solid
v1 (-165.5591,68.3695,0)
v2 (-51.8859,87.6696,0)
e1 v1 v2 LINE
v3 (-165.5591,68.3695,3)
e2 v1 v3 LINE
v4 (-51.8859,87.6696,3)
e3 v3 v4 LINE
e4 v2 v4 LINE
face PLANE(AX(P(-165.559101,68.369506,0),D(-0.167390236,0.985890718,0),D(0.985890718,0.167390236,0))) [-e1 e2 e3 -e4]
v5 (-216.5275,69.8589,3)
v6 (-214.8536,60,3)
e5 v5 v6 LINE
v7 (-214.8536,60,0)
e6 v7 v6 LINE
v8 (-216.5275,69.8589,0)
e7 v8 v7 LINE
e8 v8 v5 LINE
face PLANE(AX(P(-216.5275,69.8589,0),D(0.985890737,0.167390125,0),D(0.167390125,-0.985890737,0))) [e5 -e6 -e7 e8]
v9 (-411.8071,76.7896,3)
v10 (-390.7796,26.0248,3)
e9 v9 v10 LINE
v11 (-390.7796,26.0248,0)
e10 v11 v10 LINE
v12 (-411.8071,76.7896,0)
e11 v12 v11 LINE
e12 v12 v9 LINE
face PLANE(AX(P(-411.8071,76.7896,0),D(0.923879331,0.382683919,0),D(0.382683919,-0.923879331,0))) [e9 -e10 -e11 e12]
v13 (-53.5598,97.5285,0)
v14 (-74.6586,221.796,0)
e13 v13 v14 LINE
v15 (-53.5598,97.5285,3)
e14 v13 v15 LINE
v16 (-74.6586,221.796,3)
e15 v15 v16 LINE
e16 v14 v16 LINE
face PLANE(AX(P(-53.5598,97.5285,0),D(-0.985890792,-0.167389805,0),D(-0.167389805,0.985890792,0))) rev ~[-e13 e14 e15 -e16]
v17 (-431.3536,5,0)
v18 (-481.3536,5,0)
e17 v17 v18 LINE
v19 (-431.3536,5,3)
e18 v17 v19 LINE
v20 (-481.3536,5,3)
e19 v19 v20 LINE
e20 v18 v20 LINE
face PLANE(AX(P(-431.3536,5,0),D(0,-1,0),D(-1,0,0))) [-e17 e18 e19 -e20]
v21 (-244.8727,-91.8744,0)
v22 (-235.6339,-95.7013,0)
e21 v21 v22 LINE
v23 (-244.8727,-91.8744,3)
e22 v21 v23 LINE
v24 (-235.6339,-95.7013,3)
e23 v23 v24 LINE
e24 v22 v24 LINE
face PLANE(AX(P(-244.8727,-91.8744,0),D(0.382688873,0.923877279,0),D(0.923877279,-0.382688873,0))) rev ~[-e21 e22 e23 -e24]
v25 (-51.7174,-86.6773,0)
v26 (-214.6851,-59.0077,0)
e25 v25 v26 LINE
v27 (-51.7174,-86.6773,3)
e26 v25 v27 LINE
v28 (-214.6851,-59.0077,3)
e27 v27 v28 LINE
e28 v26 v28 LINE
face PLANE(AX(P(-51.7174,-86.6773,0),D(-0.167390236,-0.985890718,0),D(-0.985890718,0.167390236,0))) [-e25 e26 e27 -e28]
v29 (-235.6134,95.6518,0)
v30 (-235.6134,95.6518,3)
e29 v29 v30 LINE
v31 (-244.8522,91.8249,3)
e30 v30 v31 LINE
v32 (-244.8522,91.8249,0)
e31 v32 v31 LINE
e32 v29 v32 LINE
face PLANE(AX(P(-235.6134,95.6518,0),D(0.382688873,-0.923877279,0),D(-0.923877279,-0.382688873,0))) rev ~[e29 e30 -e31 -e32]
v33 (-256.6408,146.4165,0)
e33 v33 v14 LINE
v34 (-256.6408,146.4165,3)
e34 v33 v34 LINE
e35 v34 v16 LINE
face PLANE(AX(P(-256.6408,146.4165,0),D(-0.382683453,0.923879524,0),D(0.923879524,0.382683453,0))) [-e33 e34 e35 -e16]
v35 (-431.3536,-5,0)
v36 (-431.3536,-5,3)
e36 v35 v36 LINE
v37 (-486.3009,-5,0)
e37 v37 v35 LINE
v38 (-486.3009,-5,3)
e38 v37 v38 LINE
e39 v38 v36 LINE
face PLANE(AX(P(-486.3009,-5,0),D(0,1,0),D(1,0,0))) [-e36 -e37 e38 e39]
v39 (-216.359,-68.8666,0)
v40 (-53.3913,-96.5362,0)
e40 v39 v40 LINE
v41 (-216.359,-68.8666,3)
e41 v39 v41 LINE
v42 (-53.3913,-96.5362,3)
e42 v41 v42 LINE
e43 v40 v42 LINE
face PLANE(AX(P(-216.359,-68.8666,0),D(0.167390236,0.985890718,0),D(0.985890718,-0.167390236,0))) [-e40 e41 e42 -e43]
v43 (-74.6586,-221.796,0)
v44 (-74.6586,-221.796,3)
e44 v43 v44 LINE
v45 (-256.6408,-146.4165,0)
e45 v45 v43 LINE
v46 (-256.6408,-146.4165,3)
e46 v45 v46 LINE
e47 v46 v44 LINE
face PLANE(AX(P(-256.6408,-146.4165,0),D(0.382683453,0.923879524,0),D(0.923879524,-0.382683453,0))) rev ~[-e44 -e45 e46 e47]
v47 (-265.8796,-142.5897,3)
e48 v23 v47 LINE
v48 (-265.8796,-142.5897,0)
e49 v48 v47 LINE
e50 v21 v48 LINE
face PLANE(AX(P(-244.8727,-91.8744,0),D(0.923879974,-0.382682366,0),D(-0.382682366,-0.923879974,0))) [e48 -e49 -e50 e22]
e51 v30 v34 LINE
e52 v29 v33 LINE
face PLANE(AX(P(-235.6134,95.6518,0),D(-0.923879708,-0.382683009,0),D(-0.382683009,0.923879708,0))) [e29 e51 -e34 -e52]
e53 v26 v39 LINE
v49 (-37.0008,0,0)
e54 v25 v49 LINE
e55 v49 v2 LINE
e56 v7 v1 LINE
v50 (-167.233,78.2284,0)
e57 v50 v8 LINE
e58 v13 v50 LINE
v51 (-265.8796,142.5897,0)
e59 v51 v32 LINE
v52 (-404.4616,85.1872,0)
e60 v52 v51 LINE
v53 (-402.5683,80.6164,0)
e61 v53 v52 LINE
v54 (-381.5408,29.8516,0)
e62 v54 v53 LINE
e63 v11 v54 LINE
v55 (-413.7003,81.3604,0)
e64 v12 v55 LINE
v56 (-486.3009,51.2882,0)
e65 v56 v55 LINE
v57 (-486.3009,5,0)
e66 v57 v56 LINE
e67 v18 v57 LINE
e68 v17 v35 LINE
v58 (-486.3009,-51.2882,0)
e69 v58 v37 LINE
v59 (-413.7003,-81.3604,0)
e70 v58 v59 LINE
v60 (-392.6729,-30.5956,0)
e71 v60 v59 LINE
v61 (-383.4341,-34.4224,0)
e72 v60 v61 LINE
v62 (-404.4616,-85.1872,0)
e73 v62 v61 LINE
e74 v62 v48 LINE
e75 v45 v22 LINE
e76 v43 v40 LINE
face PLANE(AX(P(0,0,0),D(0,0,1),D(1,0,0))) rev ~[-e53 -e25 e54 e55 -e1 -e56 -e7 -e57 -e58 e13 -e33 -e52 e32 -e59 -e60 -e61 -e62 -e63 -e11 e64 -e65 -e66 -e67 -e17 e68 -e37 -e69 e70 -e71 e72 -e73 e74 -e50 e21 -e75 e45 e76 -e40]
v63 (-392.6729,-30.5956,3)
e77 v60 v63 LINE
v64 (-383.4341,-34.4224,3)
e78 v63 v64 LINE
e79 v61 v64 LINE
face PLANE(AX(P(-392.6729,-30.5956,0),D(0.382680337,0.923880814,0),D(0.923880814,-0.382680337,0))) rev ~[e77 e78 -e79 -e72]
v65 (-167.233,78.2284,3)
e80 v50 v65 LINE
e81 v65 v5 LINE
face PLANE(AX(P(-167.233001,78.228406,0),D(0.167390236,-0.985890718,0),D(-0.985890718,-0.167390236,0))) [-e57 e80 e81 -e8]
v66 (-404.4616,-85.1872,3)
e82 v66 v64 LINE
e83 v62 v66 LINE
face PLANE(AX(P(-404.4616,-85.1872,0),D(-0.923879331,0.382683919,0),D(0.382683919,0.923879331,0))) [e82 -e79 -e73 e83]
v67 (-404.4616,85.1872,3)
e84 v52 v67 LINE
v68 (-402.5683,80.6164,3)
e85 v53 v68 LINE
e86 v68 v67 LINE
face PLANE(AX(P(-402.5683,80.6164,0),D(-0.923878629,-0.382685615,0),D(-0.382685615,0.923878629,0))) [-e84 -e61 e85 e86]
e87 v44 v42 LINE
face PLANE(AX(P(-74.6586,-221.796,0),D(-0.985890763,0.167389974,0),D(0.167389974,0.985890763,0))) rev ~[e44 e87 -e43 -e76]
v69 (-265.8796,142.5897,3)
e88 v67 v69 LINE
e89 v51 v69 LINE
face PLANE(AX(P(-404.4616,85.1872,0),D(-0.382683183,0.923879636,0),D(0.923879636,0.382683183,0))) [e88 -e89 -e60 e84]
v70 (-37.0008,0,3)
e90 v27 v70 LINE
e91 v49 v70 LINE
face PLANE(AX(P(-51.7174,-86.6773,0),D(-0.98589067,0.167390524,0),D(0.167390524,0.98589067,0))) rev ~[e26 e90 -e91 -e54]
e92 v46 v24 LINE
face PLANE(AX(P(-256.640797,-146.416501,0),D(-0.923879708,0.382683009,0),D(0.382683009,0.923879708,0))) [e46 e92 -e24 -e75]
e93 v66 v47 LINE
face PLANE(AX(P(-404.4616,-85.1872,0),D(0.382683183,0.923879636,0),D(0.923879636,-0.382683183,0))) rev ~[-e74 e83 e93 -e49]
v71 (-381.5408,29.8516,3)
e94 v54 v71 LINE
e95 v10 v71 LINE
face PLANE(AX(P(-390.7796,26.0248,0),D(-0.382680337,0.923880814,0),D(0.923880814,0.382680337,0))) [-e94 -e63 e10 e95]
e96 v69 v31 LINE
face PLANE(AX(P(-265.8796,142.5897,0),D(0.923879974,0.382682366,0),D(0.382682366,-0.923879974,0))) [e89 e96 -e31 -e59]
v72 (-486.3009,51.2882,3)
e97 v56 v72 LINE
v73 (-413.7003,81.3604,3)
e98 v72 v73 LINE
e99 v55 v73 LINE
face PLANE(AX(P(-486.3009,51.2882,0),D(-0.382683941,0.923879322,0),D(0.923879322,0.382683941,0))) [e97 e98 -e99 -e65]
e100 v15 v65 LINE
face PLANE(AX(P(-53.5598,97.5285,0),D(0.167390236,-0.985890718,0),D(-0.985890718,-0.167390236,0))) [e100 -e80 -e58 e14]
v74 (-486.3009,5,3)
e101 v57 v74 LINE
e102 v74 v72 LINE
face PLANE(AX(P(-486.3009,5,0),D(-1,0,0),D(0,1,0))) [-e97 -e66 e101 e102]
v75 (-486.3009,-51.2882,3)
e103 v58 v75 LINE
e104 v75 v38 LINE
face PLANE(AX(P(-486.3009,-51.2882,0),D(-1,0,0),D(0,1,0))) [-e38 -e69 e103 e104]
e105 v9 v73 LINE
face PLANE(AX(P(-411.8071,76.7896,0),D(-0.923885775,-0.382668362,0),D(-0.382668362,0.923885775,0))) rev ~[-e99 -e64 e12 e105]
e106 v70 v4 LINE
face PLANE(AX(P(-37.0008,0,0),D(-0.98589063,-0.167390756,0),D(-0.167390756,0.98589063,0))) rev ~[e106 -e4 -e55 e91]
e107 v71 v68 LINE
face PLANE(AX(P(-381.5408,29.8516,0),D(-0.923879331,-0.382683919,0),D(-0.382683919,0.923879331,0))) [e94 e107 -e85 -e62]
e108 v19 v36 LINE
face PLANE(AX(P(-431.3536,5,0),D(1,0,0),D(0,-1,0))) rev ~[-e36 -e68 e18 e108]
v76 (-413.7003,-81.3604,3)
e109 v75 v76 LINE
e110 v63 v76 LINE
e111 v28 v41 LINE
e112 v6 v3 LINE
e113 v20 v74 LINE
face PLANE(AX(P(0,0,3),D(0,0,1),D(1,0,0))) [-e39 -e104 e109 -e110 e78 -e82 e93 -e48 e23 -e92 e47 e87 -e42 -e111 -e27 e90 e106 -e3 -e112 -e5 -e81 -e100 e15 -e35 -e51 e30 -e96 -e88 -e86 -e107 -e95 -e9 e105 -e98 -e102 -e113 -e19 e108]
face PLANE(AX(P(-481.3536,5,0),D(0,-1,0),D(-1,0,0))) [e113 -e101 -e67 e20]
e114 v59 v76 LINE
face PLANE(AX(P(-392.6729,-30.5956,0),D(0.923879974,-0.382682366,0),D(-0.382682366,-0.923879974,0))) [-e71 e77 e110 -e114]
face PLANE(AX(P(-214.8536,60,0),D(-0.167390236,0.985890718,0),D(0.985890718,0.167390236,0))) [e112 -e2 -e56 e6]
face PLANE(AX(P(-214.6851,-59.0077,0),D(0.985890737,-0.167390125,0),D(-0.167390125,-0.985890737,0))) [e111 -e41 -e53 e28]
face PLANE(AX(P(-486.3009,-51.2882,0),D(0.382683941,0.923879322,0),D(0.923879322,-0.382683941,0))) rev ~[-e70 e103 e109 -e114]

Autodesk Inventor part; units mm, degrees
ref_plane "YZ Plane" through (0, 0, 0) normal (1, 0, 0) x (0, 1, 0)
ref_plane "XZ Plane" through (0, 0, 0) normal (0, 1, 0) x (-1, 0, 0)
ref_plane "Work Plane1" through (0, 0, 0) normal (0, 0, 1) x (1, 0, 0)
sketch "Sketch1" plane through (0, 0, 0) normal (0, 0, 1) x (1, 0, 0)
  line L0 (-79.5271, 221.8978) -> (-38.5876, 0.7641) construction
  line L1 (-214.8536, 60) -> (-51.8859, 87.6696) projected
  line L2 (-53.5598, 97.5285) -> (-216.5275, 69.8589) projected
  line L3 (-216.5275, 69.8589) -> (-214.8536, 60) projected
  line L4 (-265.8796, 142.5897) -> (-244.8522, 91.8249) projected
  line L5 (-235.6134, 95.6518) -> (-256.6408, 146.4165) projected
  line L6 (-235.6134, 95.6518) -> (-244.8522, 91.8249) projected
  line L7 (-413.7003, -81.3604) -> (-404.4616, -85.1872) construction
  line L8 (-392.6729, -30.5956) -> (-413.7003, -81.3604) projected
  line L9 (-404.4616, -85.1872) -> (-383.4341, -34.4224) projected
  line L10 (-244.8727, -91.8744) -> (-265.9001, -142.6392) projected
  line L11 (-265.9001, -142.6392) -> (-256.6613, -146.466) construction
  line L12 (-256.6613, -146.466) -> (-235.6339, -95.7013) projected
  line L13 (-486.3009, 5) -> (-486.3009, -5) construction
  line L14 (-486.3009, -5) -> (-431.3536, -5) projected
  line L15 (-431.3536, 5) -> (-486.3009, 5) projected
  line L16 (-431.3536, 5) -> (-431.3536, -5) projected
  line L17 (-411.8071, 76.7896) -> (-402.5683, 80.6164) construction
  line L18 (-411.8071, 76.7896) -> (-390.7796, 26.0248) projected
  line L19 (-381.5408, 29.8516) -> (-402.5683, 80.6164) projected
  line L20 (-390.7796, 26.0248) -> (-381.5408, 29.8516) projected
  line L21 (-256.6408, 146.4165) -> (-265.8796, 142.5897) construction
  line L22 (-167.233, 78.2284) -> (-53.5598, 97.5285) projected
  line L23 (-51.8859, 87.6696) -> (-165.5591, 68.3695) projected
  line L24 (-53.5598, 97.5285) -> (-51.8859, 87.6696) construction
  line L25 (-51.7174, -86.6773) -> (-214.6851, -59.0077) projected
  line L26 (-51.7174, -86.6773) -> (-53.3913, -96.5362) construction
  line L27 (-216.359, -68.8666) -> (-53.3913, -96.5362) projected
  line L28 (-214.6851, -59.0077) -> (-216.359, -68.8666) projected
  line L29 (-392.6729, -30.5956) -> (-383.4341, -34.4224) projected
  line L30 (-244.8727, -91.8744) -> (-235.6339, -95.7013) projected
  line L31 (-481.3536, 5) -> (-431.3536, 5) projected
  line L32 (-486.3009, -51.2882) -> (-413.7003, -81.3604)
  line L33 (-486.3009, -51.2882) -> (-486.3009, -5)
  line L34 (-486.3009, 5) -> (-486.3009, 51.2882)
  line L35 (-256.6408, 146.4165) -> (-74.6586, 221.796)
  line L36 (-37.0008, 0) -> (-51.8859, 87.6696)
  line L37 (-53.5598, 97.5285) -> (-74.6586, 221.796)
  line L38 (-74.6586, -221.796) -> (-53.3913, -96.5362)
  line L39 (-51.7174, -86.6773) -> (-37.0008, 0)
  line L40 (-404.4616, -85.1872) -> (-265.8796, -142.5897)
  line L41 (-256.6408, -146.4165) -> (-74.6586, -221.796)
  line L42 (-411.8071, 76.7896) -> (-413.7003, 81.3604)
  line L43 (-402.5683, 80.6164) -> (-404.4616, 85.1872)
  line L44 (-486.3009, 51.2882) -> (-413.7003, 81.3604)
  line L45 (-404.4616, 85.1872) -> (-265.8796, 142.5897)
  point P0 (0, 0)
extrude "Extrusion1" add sketch "Sketch1" along normal blind 3
properties part number "refbot" material "Wood (Cherry)"
